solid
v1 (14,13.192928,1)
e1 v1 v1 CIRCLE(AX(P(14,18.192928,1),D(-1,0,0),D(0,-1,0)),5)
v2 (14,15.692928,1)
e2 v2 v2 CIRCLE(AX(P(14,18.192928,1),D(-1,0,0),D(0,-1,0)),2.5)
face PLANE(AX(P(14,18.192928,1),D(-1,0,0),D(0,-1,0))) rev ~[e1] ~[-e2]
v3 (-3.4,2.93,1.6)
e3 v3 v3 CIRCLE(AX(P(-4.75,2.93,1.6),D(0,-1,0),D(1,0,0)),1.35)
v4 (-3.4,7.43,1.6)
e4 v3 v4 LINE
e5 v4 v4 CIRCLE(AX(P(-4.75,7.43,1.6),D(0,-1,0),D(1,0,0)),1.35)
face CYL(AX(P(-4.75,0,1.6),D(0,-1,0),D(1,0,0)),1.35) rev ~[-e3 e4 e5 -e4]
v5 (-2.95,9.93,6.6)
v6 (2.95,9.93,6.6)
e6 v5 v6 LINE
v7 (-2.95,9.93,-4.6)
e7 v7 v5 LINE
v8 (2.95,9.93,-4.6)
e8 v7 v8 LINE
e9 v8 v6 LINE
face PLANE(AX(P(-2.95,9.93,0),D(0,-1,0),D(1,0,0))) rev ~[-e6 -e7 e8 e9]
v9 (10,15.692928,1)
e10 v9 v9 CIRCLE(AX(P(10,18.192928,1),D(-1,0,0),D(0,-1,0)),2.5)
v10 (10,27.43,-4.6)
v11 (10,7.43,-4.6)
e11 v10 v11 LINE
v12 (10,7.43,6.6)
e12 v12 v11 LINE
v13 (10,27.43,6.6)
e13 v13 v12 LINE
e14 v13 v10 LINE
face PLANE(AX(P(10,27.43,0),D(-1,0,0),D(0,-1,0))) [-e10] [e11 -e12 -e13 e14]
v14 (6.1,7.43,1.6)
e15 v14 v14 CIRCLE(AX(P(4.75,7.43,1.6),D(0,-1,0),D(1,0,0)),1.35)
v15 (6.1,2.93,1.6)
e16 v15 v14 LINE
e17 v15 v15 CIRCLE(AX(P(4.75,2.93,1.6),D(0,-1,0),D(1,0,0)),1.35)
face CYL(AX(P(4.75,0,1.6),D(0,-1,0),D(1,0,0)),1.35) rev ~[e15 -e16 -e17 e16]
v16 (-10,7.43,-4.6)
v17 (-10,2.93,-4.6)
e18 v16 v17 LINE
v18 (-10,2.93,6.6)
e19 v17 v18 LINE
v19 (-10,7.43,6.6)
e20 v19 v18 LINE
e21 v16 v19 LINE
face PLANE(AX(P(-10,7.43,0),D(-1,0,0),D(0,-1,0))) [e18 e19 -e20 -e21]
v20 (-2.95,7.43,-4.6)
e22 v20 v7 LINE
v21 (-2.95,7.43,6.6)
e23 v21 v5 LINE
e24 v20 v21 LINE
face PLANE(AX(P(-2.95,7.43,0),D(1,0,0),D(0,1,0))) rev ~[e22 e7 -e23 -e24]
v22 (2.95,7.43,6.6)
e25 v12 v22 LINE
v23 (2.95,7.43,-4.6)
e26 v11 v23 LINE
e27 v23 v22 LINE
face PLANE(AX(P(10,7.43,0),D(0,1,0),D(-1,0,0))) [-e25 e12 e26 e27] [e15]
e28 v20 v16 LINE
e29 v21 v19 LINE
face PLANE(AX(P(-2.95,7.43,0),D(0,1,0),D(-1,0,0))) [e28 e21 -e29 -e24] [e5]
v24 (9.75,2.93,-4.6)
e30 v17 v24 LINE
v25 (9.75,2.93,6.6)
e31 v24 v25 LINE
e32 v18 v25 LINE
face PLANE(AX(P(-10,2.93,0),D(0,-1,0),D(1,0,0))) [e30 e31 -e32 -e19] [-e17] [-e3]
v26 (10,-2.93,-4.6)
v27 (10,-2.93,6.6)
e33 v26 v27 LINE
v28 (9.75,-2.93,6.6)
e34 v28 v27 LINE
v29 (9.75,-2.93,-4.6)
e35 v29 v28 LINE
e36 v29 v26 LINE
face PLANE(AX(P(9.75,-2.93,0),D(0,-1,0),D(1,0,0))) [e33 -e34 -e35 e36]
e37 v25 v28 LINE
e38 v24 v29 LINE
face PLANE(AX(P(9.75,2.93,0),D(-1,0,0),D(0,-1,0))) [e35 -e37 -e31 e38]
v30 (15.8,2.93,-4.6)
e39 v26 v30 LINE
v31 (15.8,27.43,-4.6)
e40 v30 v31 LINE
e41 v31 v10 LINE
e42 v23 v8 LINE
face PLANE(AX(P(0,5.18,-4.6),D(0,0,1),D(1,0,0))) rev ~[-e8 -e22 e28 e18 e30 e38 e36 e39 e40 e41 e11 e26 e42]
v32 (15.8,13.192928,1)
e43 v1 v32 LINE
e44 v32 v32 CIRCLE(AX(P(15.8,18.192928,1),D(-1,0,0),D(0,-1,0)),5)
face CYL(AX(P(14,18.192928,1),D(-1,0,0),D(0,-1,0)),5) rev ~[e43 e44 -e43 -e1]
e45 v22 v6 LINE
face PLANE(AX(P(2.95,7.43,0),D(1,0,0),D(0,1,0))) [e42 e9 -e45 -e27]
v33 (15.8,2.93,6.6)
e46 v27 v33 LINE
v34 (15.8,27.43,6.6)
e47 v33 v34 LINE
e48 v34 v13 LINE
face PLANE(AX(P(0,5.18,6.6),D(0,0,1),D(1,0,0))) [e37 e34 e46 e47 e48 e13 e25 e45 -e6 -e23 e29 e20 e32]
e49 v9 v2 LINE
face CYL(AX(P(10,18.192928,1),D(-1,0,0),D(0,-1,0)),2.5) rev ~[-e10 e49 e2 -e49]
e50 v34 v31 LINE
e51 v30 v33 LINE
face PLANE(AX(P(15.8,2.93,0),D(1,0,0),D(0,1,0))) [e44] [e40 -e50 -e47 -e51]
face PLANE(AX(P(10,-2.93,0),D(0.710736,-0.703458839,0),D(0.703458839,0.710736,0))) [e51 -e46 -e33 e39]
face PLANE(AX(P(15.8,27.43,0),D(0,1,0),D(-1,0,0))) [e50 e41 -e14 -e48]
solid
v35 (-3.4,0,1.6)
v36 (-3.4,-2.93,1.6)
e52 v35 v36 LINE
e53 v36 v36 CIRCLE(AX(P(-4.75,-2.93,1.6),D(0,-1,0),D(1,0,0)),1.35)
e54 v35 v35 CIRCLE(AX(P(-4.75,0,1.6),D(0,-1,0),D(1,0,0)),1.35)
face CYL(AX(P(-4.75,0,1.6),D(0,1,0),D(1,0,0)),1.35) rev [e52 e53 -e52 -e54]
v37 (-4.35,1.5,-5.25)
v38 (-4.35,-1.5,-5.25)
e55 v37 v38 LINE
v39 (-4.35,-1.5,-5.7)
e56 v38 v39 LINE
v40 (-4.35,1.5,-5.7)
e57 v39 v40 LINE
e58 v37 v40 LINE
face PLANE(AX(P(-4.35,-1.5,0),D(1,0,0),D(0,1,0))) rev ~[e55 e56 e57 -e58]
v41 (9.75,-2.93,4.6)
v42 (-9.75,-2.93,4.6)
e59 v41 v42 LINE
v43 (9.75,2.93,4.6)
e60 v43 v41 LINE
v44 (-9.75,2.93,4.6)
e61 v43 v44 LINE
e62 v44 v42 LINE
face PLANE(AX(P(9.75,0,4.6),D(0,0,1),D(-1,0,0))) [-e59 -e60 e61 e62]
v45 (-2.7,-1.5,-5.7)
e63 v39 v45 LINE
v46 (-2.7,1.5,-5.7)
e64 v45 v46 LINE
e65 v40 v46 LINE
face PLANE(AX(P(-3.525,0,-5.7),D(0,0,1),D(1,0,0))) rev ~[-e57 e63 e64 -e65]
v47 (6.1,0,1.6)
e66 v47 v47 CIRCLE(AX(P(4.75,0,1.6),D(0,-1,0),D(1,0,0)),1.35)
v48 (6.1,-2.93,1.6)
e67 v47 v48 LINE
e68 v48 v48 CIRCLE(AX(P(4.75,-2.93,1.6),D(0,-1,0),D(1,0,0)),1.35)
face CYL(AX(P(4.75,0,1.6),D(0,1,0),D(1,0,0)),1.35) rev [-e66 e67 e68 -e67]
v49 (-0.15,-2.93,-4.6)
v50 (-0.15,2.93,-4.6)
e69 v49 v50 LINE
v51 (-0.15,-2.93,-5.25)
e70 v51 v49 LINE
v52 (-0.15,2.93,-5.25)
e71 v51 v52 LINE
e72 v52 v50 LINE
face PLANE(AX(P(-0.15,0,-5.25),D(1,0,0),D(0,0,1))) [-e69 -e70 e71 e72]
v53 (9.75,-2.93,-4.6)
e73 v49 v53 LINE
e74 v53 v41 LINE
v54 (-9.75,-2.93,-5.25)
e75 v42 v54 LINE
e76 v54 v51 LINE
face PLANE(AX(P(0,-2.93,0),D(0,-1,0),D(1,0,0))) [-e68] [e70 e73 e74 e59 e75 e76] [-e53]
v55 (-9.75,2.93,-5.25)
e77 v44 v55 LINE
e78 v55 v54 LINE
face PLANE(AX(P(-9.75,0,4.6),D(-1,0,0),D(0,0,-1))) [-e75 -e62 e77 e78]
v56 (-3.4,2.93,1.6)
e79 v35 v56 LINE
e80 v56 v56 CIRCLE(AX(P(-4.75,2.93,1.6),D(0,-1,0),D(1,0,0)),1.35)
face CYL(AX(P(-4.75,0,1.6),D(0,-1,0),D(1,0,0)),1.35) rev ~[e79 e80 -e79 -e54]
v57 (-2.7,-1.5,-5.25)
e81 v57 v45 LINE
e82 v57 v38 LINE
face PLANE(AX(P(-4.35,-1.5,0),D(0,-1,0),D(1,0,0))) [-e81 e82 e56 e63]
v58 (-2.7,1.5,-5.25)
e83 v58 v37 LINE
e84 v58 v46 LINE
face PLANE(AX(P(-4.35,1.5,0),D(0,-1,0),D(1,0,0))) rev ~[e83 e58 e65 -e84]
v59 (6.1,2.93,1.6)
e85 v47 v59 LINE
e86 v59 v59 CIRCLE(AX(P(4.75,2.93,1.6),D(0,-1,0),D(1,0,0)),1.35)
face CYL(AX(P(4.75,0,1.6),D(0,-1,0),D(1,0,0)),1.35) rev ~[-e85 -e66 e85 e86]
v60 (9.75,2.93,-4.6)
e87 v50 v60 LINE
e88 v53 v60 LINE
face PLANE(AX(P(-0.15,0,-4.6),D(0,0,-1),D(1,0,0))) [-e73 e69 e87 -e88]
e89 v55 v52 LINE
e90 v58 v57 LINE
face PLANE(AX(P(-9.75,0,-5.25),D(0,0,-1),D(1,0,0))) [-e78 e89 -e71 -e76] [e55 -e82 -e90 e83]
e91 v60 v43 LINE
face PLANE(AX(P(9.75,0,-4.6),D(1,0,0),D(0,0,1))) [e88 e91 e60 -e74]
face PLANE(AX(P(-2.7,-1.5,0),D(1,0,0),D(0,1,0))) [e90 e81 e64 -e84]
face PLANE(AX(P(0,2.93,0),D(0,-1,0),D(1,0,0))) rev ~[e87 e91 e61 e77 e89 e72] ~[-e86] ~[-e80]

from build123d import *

# Parameters (mm, degrees)
F0_R          = 1.35
F0_W          = 9.6
F0_H          = 0.65
F1_DEPTH      = 2.93
F1_DEPTH_BACK = 2.93
F2_W          = 1.65
F2_H          = 3
F3_DEPTH      = 5.7
F4_W          = 5.9
F4_H          = 2.5
F5_DEPTH      = 6.6
F5_DEPTH_BACK = 4.6
F6_DEPTH      = 25
F8_R          = 2.5
F9_DEPTH      = 25
F10_START     = -4
F8_R_2        = 5
F10_DEPTH     = 21


with BuildPart() as f1:
    # F0 (on Front) → F1 (new body, two sides)
    with BuildSketch(Plane.XZ) as f1_sk:
        Polygon((-0.15, -4.6), (9.75, -4.6), (9.75, 4.6), (-9.75, 4.6), (-9.75, -4.6), align=None)
        with Locations((-4.75, 1.6)):
            Circle(F0_R, mode=Mode.SUBTRACT)
        with Locations((4.75, 1.6)):
            Circle(F0_R, mode=Mode.SUBTRACT)
        with Locations((-4.95, -4.925)):
            Rectangle(F0_W, F0_H)
    extrude(amount=F1_DEPTH)
    extrude(f1_sk.sketch, amount=-F1_DEPTH_BACK)

    # F2 (on Top) → F3 (join)
    with BuildSketch(Plane.XY):
        with Locations((-3.525, 0)):
            Rectangle(F2_W, F2_H)
    extrude(amount=-F3_DEPTH)


with BuildPart() as f5:
    # F4 (on Top) → F5 (new body, two sides)
    with BuildSketch(Plane.XY) as f5_sk:
        Polygon((9.75, 2.93), (10, 2.93), (10, 7.43), (2.95, 7.43), (-2.95, 7.43), (-10, 7.43), (-10, 2.93), align=None)
        Polygon((11.3, 2.93), (10, 2.93), (9.75, 2.93), (9.75, -2.93), (10, -2.93), (15.8, 2.93), align=None)
        Polygon((10, 7.43), (10, 2.93), (11.3, 2.93), (15.8, 2.93), (15.8, 27.43), (10, 27.43), align=None)
        with Locations((0, 8.68)):
            Rectangle(F4_W, F4_H)
    extrude(amount=F5_DEPTH)
    extrude(f5_sk.sketch, amount=-F5_DEPTH_BACK)

    # F0 (on Front) → F6 (cut)
    with BuildSketch(Plane.XZ):
        with Locations((-4.75, 1.6)):
            Circle(F0_R)
        with Locations((4.75, 1.6)):
            Circle(F0_R)
    extrude(amount=-F6_DEPTH, mode=Mode.SUBTRACT)

    # F8 (on offset) → F9 (cut)
    with BuildSketch(Plane(origin=(10, 0, 0), x_dir=(0, -1, 0), z_dir=(-1, 0, 0))):
        with Locations((-18.1929276971, 1)):
            Circle(F8_R)
    extrude(amount=-F9_DEPTH, mode=Mode.SUBTRACT)

    # F8 (on offset) → F10 (cut)
    with BuildSketch(Plane(origin=(10, 0, 0), x_dir=(0, -1, 0), z_dir=(-1, 0, 0)).offset(F10_START)):
        with Locations((-18.1929276971, 1)):
            Circle(F8_R_2)
        with Locations((-18.1929276971, 1)):
            Circle(F8_R, mode=Mode.SUBTRACT)
    extrude(amount=-F10_DEPTH, mode=Mode.SUBTRACT)


solid = Compound([f1.part, f5.part])
